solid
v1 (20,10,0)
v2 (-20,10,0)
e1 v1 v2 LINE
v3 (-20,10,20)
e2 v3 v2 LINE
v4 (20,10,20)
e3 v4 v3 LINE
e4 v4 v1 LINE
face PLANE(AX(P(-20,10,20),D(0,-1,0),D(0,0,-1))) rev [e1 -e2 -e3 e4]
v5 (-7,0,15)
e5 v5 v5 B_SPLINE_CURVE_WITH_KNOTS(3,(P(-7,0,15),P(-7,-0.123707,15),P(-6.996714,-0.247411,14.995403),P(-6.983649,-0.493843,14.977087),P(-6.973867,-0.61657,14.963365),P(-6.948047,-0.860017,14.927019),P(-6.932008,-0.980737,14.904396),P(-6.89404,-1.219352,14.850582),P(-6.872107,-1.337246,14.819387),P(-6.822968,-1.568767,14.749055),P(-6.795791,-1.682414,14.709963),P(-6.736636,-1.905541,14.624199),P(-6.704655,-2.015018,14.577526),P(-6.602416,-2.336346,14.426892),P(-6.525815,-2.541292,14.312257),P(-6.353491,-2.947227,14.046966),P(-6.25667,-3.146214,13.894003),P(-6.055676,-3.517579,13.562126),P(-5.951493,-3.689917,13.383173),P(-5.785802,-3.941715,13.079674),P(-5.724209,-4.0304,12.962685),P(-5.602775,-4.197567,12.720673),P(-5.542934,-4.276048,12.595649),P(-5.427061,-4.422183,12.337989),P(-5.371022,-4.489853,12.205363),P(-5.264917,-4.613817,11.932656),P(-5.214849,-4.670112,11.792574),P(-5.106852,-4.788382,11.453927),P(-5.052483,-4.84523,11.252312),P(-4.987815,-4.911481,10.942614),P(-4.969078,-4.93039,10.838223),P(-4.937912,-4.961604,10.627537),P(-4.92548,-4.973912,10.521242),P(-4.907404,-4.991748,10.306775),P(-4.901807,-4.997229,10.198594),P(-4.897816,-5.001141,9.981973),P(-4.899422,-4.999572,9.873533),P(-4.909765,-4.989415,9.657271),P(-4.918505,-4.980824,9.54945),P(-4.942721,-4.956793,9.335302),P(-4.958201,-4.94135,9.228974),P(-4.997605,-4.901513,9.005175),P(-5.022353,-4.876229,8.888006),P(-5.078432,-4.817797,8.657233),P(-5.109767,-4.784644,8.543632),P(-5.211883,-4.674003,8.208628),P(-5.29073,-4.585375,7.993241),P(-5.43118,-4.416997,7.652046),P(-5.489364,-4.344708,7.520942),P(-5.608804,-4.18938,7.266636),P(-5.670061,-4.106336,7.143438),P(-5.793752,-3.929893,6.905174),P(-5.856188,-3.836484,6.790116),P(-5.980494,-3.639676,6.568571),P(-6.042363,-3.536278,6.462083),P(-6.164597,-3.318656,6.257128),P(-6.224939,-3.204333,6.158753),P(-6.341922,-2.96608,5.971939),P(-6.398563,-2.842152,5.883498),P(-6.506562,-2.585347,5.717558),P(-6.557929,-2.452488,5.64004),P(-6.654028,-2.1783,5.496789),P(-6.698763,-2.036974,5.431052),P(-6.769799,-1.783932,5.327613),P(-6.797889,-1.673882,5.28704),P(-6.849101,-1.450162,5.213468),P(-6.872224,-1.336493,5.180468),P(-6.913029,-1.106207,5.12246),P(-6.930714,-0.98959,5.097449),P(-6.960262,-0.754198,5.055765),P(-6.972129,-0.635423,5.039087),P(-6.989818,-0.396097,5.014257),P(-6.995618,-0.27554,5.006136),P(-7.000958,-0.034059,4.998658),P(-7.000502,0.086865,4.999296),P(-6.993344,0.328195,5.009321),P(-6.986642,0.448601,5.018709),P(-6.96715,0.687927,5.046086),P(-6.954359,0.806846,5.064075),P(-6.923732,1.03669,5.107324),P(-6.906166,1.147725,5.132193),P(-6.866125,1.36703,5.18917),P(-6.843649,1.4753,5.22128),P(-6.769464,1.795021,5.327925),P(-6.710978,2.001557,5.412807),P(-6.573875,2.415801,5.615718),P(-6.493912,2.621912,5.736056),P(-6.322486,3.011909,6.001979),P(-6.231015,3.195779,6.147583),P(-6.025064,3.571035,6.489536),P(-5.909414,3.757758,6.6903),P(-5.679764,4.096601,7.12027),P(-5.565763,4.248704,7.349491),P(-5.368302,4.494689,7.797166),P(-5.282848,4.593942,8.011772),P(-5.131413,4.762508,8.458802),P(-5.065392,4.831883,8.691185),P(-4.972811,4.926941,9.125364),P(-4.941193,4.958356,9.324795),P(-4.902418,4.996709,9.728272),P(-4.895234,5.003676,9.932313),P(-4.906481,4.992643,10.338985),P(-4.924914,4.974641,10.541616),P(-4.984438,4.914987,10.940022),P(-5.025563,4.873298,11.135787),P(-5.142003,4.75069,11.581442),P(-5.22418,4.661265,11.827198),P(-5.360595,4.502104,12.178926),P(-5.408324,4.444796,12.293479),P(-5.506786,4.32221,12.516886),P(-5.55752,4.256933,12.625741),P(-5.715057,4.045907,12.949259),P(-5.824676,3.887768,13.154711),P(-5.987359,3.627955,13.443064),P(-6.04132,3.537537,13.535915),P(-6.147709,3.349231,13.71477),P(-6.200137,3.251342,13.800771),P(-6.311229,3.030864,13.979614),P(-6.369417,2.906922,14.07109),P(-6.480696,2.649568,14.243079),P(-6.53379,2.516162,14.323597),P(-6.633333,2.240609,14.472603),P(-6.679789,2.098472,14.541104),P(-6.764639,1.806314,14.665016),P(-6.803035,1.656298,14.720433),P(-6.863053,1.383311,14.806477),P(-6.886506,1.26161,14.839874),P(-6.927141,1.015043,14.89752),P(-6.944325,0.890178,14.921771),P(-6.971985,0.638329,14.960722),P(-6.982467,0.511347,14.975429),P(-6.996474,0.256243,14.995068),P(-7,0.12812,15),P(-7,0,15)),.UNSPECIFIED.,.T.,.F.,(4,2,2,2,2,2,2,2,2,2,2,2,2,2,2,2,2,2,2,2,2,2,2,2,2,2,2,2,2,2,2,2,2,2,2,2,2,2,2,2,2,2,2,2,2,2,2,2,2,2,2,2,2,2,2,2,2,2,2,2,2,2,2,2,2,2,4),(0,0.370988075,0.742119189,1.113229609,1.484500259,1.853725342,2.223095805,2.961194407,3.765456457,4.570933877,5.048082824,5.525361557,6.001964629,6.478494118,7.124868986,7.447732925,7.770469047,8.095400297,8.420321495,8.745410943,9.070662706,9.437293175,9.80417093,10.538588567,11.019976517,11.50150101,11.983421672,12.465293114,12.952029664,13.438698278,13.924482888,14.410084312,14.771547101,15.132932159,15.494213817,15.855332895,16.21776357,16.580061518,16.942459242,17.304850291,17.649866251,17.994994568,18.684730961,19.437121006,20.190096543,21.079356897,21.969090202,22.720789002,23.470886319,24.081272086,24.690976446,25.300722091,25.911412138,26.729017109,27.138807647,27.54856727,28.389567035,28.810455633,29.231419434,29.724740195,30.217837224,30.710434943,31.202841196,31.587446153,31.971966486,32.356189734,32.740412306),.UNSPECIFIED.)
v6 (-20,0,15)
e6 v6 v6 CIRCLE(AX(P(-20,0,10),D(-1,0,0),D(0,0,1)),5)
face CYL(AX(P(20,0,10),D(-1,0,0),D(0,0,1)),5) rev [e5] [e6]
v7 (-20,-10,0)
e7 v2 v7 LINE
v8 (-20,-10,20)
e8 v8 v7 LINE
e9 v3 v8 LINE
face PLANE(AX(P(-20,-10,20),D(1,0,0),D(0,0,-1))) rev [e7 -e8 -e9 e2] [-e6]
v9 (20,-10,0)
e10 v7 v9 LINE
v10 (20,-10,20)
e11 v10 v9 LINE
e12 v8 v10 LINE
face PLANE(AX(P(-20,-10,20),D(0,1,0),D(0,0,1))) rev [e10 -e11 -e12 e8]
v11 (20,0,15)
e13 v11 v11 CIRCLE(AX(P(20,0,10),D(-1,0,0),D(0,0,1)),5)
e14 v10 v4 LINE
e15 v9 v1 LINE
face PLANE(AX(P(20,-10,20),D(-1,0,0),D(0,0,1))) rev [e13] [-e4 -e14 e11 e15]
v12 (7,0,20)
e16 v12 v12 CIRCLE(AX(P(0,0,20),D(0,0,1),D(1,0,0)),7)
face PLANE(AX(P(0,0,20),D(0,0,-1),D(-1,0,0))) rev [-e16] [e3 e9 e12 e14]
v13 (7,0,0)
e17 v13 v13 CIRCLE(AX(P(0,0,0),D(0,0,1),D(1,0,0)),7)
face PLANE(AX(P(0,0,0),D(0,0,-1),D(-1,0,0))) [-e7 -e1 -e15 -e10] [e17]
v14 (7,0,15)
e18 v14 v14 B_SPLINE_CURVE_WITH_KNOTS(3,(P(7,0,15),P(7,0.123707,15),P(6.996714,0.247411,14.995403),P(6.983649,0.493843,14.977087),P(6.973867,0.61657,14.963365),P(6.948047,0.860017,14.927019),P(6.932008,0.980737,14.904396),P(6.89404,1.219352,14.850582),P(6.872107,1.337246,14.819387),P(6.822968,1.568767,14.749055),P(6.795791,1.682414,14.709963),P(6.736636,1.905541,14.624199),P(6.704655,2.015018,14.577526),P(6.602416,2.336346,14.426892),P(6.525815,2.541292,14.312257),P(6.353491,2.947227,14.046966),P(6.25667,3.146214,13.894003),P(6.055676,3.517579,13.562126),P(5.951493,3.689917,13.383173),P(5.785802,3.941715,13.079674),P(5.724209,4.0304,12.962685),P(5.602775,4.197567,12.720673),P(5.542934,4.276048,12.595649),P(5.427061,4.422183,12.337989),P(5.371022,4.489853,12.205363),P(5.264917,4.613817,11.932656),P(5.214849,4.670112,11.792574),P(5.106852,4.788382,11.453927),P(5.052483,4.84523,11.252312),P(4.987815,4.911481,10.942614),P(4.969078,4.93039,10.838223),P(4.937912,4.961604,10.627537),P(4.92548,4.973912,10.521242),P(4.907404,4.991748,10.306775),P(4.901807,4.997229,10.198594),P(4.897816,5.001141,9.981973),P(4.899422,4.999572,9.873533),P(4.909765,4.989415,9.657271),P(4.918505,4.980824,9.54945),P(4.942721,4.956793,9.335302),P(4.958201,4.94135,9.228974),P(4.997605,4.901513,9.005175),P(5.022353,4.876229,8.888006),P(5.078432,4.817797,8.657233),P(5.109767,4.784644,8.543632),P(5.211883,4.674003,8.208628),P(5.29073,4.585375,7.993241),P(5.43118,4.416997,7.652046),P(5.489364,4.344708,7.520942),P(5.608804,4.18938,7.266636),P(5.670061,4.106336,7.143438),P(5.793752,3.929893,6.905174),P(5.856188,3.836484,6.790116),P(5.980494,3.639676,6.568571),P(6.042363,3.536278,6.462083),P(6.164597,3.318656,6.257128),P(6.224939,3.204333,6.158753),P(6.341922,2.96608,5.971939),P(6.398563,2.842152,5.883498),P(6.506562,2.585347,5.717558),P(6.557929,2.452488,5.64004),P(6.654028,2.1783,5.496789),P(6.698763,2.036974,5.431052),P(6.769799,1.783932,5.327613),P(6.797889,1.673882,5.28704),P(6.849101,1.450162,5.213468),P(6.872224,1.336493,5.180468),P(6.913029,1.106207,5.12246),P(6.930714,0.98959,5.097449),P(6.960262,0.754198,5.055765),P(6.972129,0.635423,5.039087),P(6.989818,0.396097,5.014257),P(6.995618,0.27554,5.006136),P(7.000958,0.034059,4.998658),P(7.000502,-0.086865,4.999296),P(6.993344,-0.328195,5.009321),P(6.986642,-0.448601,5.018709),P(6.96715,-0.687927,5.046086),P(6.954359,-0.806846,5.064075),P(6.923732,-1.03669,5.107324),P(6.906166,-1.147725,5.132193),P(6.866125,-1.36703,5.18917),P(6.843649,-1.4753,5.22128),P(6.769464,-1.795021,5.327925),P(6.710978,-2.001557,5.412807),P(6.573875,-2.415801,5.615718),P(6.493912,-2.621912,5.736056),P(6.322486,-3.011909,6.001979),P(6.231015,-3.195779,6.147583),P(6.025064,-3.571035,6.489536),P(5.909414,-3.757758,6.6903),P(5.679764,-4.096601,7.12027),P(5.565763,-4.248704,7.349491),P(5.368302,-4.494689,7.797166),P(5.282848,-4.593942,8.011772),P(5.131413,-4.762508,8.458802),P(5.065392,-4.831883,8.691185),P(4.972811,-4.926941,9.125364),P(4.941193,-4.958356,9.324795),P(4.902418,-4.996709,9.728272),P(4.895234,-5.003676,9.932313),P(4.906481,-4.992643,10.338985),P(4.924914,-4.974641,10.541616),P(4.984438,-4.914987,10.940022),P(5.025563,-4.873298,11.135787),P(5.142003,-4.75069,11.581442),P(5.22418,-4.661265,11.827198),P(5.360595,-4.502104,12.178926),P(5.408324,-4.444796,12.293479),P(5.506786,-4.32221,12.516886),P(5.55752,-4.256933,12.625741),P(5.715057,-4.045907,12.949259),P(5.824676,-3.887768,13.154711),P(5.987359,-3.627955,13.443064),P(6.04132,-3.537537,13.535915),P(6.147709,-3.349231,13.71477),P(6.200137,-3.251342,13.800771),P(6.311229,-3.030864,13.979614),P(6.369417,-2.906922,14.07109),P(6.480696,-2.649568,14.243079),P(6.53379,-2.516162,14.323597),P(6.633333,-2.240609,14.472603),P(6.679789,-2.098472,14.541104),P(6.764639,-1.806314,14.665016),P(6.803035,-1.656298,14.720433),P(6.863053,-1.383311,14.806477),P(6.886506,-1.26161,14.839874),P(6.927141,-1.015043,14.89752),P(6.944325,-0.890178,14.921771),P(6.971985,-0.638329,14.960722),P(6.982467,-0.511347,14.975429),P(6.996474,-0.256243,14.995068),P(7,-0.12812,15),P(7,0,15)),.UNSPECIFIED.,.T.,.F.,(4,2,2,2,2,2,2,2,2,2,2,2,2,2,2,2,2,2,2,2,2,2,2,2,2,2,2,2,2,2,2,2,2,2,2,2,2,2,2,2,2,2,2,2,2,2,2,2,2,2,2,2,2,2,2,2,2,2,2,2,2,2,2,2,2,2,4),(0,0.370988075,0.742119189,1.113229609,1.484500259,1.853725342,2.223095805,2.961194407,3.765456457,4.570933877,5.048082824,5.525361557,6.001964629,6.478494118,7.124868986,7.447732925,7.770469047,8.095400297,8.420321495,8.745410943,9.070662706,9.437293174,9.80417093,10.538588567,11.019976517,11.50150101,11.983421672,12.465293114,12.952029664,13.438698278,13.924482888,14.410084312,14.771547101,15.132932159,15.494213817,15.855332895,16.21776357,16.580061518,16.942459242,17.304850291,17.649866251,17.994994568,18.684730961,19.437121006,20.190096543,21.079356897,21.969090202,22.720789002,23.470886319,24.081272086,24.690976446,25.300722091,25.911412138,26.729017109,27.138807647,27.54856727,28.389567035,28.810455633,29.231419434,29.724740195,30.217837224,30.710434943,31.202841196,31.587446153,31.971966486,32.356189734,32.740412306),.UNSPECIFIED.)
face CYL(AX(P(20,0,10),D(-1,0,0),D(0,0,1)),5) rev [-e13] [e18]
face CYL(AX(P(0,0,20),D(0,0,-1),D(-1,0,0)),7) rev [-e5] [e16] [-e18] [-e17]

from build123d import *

# Parameters (mm, degrees)
SKETCH_1_W          = 40
SKETCH_1_H          = 20
SKETCH_1_R          = 7
EXTRUDE_1_DEPTH     = 20
SKETCH_2_R          = 5
CUT_EXTRUDE_1_DEPTH = 41


with BuildPart() as part:
    # 草图1 → 凸台-拉伸1 (new body)
    with BuildSketch(Plane.XY):
        Rectangle(SKETCH_1_W, SKETCH_1_H)
        Circle(SKETCH_1_R, mode=Mode.SUBTRACT)
    extrude(amount=EXTRUDE_1_DEPTH)

    # 草图2 → 切除-拉伸1 (cut, through all)
    with BuildSketch(Plane.ZY.offset(20)):
        with Locations((10, 0)):
            Circle(SKETCH_2_R)
    extrude(amount=-CUT_EXTRUDE_1_DEPTH, mode=Mode.SUBTRACT)


solid = part.part
